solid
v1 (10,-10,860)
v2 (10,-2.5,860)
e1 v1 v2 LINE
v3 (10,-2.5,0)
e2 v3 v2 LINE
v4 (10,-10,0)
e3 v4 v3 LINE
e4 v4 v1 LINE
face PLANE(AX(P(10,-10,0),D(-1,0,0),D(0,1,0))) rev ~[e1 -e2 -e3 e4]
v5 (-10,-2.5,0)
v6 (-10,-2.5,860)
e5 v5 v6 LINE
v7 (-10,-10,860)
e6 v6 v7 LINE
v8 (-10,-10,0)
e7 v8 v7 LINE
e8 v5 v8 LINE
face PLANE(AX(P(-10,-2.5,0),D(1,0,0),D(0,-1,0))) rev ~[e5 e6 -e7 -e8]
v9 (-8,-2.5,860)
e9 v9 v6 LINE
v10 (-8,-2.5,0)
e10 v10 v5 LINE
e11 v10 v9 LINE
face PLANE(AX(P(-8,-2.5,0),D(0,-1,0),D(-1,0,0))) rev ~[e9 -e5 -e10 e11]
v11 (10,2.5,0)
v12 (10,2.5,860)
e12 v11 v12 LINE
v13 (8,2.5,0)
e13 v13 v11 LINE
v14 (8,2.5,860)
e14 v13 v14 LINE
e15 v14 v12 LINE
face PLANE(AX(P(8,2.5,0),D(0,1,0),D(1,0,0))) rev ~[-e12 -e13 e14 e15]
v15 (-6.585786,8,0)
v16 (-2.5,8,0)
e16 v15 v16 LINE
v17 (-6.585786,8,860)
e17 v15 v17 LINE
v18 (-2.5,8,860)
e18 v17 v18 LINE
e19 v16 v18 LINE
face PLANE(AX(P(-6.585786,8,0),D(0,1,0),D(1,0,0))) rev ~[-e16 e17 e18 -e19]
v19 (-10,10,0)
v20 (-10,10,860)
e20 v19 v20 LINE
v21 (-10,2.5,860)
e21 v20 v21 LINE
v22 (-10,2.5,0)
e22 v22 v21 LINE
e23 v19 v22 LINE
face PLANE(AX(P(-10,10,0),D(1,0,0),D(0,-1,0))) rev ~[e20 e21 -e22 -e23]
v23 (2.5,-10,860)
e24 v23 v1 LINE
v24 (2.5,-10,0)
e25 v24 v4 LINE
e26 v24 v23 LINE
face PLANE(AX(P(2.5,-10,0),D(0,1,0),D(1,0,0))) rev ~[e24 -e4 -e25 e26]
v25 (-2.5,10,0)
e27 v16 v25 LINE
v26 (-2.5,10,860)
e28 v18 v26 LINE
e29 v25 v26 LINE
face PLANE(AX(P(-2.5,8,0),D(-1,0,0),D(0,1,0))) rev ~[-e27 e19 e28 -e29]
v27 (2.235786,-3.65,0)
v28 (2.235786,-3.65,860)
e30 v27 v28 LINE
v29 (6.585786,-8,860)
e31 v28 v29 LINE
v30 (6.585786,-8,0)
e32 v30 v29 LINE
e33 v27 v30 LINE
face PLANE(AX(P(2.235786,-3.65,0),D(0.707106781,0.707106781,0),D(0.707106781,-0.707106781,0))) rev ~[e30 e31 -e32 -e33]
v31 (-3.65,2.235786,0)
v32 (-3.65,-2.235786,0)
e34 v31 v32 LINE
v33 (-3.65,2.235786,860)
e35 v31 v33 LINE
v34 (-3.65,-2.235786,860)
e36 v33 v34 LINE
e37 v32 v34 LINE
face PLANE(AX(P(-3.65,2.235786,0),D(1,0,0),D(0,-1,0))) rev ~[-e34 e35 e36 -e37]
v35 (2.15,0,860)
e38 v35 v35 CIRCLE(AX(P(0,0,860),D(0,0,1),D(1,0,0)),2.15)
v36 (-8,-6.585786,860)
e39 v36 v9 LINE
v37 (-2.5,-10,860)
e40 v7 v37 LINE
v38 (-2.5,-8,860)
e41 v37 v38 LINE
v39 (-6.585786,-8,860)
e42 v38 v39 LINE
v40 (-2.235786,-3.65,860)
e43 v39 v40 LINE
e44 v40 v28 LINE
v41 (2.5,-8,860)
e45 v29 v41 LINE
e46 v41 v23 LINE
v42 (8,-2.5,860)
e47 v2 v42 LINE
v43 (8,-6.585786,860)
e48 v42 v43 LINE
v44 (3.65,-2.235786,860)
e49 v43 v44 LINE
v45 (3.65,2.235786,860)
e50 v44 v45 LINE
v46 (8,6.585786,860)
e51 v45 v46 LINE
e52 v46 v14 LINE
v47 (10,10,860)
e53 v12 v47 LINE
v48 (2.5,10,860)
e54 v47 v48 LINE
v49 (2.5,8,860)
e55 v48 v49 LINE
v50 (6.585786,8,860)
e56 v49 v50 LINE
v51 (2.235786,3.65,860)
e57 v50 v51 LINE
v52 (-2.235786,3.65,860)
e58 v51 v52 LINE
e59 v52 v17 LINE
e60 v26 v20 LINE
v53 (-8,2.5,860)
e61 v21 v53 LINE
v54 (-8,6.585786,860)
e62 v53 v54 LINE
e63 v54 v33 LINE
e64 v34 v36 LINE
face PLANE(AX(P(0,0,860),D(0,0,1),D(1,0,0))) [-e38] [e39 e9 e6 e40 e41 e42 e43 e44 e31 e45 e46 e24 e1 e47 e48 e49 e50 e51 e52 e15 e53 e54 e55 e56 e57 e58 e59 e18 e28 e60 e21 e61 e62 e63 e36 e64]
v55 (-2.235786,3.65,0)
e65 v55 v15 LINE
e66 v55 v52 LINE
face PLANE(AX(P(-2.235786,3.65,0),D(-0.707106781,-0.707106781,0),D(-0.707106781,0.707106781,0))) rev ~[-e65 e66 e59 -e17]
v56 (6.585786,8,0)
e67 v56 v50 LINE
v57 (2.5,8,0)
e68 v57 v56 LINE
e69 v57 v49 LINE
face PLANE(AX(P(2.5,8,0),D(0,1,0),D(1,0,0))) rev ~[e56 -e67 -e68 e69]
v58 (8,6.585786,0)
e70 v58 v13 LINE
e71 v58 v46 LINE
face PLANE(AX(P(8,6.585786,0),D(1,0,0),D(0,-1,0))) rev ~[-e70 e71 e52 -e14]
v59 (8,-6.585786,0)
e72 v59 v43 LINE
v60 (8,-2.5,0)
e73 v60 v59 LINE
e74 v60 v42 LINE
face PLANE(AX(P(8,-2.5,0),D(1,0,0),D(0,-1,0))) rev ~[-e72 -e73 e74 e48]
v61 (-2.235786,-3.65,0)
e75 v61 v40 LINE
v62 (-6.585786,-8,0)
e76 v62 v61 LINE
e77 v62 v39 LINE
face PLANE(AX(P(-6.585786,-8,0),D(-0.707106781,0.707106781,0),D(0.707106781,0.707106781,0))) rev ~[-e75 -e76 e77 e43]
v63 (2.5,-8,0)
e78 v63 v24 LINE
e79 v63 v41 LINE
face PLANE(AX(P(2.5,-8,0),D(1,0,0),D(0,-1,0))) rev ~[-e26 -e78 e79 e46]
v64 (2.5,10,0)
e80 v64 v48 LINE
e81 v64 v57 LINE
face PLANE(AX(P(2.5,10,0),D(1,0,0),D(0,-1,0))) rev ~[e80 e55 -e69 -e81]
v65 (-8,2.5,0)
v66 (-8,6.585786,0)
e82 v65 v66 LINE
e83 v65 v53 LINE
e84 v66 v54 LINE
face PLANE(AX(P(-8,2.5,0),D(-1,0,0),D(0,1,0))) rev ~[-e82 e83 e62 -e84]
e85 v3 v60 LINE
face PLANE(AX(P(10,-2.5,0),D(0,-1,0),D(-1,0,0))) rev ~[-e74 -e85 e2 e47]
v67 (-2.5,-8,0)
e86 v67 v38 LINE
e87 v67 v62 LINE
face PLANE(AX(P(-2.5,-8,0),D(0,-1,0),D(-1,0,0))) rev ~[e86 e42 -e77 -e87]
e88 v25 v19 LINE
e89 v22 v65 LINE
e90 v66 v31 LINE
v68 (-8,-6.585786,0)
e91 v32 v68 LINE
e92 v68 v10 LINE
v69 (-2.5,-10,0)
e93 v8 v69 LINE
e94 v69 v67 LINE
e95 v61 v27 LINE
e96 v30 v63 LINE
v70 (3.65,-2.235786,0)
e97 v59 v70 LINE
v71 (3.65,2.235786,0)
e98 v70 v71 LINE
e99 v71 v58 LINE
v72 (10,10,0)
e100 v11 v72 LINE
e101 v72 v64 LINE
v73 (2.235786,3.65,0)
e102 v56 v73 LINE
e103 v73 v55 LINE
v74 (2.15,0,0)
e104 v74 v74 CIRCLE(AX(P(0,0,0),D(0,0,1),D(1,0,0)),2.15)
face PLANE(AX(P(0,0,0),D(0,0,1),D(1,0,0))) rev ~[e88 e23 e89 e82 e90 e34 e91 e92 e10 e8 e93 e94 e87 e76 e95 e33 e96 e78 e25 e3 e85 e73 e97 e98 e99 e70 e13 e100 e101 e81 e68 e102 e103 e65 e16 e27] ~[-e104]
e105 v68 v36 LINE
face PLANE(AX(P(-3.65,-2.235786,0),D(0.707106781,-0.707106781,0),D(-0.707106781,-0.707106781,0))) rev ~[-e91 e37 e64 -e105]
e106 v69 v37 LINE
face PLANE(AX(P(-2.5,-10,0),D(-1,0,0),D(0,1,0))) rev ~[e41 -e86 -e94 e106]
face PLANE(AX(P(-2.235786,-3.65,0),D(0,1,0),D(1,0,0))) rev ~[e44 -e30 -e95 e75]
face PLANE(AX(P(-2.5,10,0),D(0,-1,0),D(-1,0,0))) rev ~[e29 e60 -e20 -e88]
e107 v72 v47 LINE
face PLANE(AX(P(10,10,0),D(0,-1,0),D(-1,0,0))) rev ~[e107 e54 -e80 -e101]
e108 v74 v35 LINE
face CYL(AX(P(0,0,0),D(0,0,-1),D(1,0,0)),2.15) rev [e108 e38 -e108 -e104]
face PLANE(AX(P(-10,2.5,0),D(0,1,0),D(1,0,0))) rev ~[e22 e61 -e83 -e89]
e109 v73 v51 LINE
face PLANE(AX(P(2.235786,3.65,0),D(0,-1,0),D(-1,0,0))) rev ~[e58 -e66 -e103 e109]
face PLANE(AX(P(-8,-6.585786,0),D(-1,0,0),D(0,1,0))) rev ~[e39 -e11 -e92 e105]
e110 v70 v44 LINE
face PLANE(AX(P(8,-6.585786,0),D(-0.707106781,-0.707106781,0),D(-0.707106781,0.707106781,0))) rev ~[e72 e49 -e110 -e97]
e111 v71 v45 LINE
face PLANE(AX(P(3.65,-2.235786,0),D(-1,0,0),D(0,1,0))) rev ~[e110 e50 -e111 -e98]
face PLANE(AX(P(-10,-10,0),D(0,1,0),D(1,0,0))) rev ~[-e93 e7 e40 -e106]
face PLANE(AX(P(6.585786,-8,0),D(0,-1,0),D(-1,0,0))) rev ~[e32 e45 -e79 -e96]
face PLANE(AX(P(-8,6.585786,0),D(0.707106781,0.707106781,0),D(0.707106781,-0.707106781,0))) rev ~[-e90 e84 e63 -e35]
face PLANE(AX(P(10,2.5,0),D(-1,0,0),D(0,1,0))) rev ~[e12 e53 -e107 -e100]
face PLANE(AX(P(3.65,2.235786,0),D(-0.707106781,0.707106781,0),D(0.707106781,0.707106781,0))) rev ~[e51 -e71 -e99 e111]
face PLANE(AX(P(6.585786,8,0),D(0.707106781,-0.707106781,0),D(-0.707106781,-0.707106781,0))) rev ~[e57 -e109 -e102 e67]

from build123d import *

# Parameters (mm, degrees)
ESQUISSE1_R        = 2.15
BOSS_EXTRU_1_DEPTH = 860


with BuildPart() as part:
    # Esquisse1 → Boss.-Extru.1 (new body)
    with BuildSketch(Plane.XY):
        Polygon((-2.5, 10), (-10, 10), (-10, 2.5), (-8, 2.5), (-8, 6.585786438), (-3.65, 2.235786438), (-3.65, -2.235786438), (-8, -6.585786438), (-8, -2.5), (-10, -2.5), (-10, -10), (-2.5, -10), (-2.5, -8), (-6.585786438, -8), (-2.235786438, -3.65), (2.235786438, -3.65), (6.585786438, -8), (2.5, -8), (2.5, -10), (10, -10), (10, -2.5), (8, -2.5), (8, -6.585786438), (3.65, -2.235786438), (3.65, 2.235786438), (8, 6.585786438), (8, 2.5), (10, 2.5), (10, 10), (2.5, 10), (2.5, 8), (6.585786438, 8), (2.235786438, 3.65), (-2.235786438, 3.65), (-6.585786438, 8), (-2.5, 8), align=None)
        Circle(ESQUISSE1_R, mode=Mode.SUBTRACT)
    extrude(amount=BOSS_EXTRU_1_DEPTH)


solid = part.part
